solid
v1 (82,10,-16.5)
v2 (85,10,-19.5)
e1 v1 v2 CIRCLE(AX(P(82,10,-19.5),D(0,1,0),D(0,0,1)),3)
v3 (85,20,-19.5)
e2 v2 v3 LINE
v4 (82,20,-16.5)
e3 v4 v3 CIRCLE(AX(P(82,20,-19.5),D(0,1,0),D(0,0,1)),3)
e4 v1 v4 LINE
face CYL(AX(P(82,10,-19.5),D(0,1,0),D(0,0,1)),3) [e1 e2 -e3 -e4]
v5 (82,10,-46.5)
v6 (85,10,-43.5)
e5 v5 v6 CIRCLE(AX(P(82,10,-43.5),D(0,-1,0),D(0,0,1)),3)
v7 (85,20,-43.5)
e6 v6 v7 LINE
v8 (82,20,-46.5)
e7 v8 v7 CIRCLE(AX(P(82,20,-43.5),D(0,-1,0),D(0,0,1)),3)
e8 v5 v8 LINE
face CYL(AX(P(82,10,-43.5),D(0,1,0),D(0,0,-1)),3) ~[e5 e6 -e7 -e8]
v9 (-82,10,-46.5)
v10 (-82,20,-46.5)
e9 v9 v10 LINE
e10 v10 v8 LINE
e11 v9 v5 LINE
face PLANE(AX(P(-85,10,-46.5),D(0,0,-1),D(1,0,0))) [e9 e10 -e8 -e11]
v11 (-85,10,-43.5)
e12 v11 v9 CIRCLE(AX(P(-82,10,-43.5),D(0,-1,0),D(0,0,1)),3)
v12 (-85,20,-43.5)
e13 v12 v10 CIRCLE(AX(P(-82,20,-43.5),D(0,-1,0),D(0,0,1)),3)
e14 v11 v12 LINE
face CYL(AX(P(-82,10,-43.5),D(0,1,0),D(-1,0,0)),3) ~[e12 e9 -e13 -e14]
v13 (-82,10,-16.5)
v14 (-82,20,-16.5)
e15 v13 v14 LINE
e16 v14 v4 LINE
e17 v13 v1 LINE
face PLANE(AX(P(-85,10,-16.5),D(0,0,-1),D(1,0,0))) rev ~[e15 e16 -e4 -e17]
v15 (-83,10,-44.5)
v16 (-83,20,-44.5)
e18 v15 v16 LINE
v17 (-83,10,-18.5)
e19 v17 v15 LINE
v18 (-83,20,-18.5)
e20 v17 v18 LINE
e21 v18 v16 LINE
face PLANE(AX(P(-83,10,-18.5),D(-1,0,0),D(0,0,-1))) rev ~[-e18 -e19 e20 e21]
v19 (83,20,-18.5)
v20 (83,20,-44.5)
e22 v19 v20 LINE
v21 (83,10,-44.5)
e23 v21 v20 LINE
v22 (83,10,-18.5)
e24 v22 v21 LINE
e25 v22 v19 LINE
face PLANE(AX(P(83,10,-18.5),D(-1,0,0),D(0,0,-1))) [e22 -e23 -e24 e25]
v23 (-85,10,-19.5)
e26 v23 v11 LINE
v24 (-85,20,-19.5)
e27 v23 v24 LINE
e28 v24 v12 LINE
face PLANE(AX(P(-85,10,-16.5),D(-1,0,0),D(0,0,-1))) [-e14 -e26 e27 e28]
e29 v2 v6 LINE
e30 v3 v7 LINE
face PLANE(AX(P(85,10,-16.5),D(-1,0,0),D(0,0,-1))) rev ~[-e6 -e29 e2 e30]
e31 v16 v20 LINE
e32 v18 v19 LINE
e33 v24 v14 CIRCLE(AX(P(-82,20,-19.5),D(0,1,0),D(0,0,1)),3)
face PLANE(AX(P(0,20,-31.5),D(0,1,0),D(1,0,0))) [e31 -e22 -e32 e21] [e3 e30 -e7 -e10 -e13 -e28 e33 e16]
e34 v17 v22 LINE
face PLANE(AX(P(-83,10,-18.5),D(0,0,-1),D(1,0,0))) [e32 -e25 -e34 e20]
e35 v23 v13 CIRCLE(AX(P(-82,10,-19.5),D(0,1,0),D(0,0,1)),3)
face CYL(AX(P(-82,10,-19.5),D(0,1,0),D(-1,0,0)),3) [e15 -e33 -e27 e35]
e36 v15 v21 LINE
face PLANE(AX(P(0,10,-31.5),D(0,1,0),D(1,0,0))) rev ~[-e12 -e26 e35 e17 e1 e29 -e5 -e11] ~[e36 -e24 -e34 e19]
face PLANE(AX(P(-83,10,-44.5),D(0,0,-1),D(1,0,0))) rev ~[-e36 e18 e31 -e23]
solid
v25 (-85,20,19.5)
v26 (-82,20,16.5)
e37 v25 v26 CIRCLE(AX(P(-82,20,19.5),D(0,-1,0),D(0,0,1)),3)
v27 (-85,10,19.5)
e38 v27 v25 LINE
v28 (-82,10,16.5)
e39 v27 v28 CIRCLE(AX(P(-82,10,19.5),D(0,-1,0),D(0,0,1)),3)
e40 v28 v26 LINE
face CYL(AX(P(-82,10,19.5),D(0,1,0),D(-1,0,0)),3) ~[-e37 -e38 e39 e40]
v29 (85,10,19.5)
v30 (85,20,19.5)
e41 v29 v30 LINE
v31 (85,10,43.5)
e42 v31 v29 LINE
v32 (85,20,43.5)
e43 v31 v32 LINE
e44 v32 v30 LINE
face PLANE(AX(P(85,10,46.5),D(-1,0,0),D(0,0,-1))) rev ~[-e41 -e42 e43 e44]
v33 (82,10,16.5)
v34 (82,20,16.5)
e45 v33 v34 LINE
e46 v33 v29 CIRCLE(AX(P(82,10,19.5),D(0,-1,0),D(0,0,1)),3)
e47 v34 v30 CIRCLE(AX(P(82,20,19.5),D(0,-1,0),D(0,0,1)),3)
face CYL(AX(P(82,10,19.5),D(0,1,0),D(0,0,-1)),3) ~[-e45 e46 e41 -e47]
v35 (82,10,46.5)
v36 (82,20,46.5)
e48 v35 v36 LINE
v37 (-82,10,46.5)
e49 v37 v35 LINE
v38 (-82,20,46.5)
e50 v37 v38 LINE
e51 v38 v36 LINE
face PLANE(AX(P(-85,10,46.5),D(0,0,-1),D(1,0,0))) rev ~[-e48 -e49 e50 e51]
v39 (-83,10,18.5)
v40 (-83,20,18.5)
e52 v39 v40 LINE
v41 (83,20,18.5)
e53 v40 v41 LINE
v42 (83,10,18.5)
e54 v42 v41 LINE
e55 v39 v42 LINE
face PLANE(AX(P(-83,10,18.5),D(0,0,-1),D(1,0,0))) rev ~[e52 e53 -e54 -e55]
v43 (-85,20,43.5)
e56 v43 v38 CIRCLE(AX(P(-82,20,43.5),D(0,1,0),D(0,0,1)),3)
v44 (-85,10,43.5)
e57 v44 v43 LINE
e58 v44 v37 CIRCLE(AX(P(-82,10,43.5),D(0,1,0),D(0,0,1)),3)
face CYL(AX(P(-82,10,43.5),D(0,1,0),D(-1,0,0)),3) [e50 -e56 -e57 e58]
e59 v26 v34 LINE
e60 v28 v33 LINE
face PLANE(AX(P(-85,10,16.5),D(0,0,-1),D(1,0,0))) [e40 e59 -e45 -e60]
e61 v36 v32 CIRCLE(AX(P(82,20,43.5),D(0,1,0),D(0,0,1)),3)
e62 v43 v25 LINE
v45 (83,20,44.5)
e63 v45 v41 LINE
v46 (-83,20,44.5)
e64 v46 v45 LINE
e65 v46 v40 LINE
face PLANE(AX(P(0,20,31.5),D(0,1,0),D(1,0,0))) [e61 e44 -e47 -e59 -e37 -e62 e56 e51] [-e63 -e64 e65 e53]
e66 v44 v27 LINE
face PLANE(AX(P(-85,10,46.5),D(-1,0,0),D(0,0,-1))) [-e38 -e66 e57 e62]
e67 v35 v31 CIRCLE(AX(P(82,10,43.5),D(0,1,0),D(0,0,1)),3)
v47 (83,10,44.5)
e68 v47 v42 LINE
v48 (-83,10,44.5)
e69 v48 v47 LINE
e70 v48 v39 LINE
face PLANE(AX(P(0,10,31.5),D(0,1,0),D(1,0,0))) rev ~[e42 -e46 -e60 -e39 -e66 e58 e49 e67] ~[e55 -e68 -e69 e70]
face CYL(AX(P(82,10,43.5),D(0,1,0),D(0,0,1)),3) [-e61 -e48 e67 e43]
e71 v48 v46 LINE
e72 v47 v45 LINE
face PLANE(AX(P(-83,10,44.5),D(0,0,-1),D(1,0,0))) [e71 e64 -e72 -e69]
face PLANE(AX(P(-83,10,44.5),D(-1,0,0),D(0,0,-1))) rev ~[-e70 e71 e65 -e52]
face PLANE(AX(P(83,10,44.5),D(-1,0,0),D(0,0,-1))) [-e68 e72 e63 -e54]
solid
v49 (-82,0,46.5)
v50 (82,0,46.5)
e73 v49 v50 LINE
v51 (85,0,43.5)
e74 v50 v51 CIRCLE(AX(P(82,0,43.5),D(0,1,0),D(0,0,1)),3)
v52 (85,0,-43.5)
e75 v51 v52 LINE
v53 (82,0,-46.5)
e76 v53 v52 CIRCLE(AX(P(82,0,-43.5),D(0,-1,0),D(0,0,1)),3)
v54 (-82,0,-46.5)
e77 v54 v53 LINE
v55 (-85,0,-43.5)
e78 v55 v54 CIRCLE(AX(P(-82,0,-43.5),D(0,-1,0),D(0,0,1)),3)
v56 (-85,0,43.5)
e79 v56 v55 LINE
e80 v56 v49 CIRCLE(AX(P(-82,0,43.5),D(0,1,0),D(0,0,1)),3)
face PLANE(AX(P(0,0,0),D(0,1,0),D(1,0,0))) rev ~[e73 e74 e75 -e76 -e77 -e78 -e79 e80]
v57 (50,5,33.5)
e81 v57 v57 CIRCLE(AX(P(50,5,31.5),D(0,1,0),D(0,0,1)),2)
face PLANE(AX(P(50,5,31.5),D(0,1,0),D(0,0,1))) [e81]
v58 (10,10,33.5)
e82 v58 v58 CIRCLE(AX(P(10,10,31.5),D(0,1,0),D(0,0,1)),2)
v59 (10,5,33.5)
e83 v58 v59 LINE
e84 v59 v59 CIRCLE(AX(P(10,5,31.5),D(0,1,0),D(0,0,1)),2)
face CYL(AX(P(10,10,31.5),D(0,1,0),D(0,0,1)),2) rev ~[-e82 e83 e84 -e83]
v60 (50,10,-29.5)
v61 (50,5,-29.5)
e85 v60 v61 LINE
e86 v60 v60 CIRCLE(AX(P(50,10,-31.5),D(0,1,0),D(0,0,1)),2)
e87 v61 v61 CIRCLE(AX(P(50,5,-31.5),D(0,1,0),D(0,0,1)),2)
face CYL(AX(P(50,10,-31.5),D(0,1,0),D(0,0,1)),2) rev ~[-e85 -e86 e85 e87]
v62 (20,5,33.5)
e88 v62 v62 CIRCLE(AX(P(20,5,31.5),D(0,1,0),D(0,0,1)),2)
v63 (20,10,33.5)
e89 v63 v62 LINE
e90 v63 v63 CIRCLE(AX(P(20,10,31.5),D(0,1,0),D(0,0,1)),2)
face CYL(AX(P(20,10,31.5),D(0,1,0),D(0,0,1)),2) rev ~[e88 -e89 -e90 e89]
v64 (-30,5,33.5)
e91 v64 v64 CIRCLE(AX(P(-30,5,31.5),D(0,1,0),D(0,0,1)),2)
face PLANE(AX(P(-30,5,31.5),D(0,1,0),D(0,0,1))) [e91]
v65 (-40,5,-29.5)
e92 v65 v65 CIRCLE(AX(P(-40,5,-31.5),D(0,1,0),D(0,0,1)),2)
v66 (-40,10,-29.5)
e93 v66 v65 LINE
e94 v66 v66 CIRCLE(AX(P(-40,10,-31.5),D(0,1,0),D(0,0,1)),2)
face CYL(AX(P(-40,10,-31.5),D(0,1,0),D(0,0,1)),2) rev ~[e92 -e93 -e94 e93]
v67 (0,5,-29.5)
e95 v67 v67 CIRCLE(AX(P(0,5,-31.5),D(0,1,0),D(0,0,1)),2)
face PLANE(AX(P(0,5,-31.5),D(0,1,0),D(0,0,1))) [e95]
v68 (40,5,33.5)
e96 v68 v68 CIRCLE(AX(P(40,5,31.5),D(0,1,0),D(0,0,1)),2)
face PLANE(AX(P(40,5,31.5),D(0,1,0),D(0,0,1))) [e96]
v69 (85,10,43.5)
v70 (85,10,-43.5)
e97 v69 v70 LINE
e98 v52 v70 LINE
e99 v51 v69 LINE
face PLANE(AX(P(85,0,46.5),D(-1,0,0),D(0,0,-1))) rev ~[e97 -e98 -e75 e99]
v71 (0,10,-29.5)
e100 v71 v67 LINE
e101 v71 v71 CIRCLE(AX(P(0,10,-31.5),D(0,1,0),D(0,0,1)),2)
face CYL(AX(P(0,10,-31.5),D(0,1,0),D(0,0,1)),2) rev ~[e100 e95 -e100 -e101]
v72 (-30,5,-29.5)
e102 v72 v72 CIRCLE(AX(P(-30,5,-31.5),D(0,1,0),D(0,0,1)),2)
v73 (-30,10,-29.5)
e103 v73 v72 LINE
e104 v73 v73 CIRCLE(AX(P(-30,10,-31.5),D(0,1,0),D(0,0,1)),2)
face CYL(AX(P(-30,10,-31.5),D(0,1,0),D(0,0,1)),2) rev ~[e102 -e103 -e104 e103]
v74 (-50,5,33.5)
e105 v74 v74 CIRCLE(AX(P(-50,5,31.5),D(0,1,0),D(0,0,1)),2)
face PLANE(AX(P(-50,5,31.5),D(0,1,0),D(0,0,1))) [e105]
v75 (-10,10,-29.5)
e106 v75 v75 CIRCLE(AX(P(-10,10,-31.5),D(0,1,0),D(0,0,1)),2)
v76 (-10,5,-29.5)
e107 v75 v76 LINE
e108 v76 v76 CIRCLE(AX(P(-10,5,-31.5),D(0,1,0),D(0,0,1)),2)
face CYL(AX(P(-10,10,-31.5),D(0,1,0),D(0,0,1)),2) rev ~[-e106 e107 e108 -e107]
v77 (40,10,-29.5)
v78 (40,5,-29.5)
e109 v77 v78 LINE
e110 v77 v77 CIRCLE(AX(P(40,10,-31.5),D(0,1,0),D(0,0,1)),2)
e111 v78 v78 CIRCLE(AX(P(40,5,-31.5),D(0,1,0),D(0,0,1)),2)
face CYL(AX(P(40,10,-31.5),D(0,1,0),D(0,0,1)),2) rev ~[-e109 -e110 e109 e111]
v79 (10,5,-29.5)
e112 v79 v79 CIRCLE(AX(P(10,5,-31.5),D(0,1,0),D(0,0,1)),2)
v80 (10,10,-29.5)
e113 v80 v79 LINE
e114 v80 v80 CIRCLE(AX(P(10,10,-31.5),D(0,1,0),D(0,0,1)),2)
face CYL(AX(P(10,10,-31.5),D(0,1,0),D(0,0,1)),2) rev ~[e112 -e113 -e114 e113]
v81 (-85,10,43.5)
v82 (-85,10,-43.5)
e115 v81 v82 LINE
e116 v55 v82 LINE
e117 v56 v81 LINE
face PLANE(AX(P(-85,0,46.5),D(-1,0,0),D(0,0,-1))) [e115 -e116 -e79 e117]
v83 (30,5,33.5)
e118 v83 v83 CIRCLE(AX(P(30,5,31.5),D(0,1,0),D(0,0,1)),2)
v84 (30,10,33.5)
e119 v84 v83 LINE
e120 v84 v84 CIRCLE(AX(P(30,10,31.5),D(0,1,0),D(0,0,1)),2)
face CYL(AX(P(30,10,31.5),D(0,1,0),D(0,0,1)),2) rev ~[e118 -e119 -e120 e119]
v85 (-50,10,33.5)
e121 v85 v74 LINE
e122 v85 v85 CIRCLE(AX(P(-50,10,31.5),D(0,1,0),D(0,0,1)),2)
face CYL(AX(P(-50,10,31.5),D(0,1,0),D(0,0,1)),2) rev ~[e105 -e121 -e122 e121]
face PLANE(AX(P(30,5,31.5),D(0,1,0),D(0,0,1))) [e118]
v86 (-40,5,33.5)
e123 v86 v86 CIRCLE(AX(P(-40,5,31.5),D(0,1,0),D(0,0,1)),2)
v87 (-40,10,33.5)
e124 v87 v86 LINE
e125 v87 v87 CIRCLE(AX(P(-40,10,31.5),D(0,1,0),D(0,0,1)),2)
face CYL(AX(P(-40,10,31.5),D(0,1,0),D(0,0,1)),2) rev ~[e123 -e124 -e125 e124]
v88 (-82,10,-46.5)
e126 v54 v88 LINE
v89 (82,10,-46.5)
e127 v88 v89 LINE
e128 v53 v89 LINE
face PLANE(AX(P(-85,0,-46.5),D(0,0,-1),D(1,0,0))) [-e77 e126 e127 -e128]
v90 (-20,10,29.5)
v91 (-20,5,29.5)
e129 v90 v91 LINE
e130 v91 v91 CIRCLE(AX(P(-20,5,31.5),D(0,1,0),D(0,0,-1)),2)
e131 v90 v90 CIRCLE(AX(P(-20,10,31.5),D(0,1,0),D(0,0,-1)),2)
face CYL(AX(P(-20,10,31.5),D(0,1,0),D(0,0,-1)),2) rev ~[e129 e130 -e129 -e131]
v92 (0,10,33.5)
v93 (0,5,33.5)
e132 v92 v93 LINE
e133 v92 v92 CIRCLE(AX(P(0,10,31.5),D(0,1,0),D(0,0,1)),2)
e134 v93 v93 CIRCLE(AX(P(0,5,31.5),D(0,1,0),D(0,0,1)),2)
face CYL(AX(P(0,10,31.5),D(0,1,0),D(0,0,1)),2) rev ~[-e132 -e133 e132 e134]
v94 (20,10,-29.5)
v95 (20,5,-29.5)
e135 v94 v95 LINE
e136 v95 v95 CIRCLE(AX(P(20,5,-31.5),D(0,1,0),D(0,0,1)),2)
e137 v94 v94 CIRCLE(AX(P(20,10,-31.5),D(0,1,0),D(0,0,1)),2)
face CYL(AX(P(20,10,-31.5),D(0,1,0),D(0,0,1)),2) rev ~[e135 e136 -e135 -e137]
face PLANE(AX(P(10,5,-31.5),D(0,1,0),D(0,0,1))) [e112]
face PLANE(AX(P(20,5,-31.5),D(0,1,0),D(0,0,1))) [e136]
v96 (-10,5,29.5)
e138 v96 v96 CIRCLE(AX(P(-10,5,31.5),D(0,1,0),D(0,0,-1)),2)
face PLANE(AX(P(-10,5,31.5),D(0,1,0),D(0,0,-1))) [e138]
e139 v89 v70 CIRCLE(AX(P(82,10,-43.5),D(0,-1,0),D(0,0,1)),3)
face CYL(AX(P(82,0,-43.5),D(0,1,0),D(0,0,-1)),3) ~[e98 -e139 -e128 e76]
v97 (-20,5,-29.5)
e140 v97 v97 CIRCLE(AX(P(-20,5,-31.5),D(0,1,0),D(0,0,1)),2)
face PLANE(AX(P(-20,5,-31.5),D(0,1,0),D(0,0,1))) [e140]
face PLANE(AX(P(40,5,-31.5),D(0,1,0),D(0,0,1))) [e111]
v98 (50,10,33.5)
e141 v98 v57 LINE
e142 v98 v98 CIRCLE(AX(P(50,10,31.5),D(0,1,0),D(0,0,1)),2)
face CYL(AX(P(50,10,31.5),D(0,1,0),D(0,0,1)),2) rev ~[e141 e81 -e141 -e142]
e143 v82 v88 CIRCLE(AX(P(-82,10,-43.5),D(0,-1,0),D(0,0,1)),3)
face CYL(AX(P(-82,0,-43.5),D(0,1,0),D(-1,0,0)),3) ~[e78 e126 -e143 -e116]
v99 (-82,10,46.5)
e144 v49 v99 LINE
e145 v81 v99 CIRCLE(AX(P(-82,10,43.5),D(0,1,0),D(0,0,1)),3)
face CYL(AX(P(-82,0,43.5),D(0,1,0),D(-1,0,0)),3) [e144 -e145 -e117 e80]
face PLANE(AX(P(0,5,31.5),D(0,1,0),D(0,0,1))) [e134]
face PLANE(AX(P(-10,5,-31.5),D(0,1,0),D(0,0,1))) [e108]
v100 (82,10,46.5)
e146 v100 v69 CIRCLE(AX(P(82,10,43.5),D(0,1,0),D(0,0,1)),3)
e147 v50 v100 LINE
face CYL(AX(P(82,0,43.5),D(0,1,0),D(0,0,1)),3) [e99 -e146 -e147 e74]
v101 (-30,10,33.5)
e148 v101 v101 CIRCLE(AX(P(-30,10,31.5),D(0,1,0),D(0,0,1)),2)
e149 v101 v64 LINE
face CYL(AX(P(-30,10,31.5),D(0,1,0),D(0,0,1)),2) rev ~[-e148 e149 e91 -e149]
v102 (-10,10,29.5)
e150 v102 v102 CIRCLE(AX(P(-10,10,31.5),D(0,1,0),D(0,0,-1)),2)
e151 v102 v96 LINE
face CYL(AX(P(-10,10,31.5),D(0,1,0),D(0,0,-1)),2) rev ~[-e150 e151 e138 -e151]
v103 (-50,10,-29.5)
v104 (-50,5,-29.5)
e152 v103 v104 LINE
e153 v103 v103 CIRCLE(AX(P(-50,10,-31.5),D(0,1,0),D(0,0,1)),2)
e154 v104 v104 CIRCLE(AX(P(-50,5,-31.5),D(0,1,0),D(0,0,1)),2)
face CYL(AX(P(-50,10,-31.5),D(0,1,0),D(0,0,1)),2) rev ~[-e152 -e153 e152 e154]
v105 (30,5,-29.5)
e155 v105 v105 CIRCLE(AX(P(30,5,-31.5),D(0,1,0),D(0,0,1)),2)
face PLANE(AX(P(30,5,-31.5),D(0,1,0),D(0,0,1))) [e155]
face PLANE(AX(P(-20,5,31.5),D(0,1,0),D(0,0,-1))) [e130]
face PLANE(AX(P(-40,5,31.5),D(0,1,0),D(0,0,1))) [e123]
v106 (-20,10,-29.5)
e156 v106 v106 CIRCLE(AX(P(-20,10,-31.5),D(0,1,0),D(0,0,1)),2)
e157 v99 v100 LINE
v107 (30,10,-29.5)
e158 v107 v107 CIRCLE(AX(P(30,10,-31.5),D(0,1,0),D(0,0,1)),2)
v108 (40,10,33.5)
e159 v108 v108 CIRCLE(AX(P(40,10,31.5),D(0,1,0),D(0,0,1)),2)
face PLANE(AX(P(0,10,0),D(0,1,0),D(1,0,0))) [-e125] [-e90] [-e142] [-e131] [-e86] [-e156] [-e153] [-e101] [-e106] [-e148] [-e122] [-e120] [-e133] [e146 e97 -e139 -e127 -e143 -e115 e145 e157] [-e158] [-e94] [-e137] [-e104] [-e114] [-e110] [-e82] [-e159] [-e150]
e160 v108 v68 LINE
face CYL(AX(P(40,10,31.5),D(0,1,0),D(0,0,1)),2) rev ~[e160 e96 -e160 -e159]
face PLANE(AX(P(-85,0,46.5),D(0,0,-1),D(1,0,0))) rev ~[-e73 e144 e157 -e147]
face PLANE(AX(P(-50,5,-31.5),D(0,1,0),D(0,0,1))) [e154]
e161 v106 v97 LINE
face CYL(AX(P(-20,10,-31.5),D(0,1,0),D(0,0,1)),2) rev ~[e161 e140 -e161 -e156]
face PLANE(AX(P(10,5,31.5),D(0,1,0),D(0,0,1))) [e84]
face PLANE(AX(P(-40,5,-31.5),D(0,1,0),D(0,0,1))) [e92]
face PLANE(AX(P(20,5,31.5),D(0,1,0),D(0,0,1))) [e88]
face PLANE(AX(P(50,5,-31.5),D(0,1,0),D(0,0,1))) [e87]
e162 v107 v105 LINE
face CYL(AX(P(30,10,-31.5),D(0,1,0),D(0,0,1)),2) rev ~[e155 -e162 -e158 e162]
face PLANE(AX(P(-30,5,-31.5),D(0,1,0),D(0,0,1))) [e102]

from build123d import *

# Parameters (mm, degrees)
SKETCH_1_W          = 170
SKETCH_1_H          = 93
EXTRUDE_1_DEPTH     = 10
SKETCH_2_W          = 170
SKETCH_2_H          = 30
SKETCH_2_W_2        = 166
SKETCH_2_H_2        = 26
EXTRUDE_2_DEPTH     = 10
EXTRUDE_2_2_DEPTH   = 10
SKETCH_2_4_R        = 2
CUT_EXTRUDE_2_DEPTH = 5
FILLET_2_R          = 3
FILLET_3_R          = 3
FILLET_4_R          = 3


with BuildPart() as part:
    # 草图1 → 凸台-拉伸1 (new body)
    with BuildSketch(Plane(origin=(0, 0, 0), x_dir=(1, 0, 0), z_dir=(0, 1, 0))):
        Rectangle(SKETCH_1_W, SKETCH_1_H)
    extrude(amount=EXTRUDE_1_DEPTH)

    # 草图2<4> → 切除-拉伸2 (cut)
    with BuildSketch(Plane(origin=(0, 10, 0), x_dir=(1, 0, 0), z_dir=(0, 1, 0))):
        with Locations((0, 31.5)):
            Circle(SKETCH_2_4_R)
        with Locations((10, 31.5)):
            Circle(SKETCH_2_4_R)
        with Locations((20, 31.5)):
            Circle(SKETCH_2_4_R)
        with Locations((30, 31.5)):
            Circle(SKETCH_2_4_R)
        with Locations((40, 31.5)):
            Circle(SKETCH_2_4_R)
        with Locations((50, 31.5)):
            Circle(SKETCH_2_4_R)
        with Locations((-10, 31.5)):
            Circle(SKETCH_2_4_R)
        with Locations((-20, 31.5)):
            Circle(SKETCH_2_4_R)
        with Locations((-30, 31.5)):
            Circle(SKETCH_2_4_R)
        with Locations((-40, 31.5)):
            Circle(SKETCH_2_4_R)
        with Locations((-50, 31.5)):
            Circle(SKETCH_2_4_R)
        with Locations((50, -31.5)):
            Circle(SKETCH_2_4_R)
        with Locations((40, -31.5)):
            Circle(SKETCH_2_4_R)
        with Locations((30, -31.5)):
            Circle(SKETCH_2_4_R)
        with Locations((20, -31.5)):
            Circle(SKETCH_2_4_R)
        with Locations((10, -31.5)):
            Circle(SKETCH_2_4_R)
        with Locations((0, -31.5)):
            Circle(SKETCH_2_4_R)
        with Locations((-10, -31.5)):
            Circle(SKETCH_2_4_R)
        with Locations((-20, -31.5)):
            Circle(SKETCH_2_4_R)
        with Locations((-30, -31.5)):
            Circle(SKETCH_2_4_R)
        with Locations((-40, -31.5)):
            Circle(SKETCH_2_4_R)
        with Locations((-50, -31.5)):
            Circle(SKETCH_2_4_R)
    extrude(amount=-CUT_EXTRUDE_2_DEPTH, mode=Mode.SUBTRACT)

    # 圆角4
    fillet_4_edges = [part.edges().sort_by_distance(p)[0] for p in [
        (85, 5, 46.5),
        (-85, 5, 46.5),
        (-85, 5, -46.5),
        (85, 5, -46.5),
    ]]
    fillet(fillet_4_edges, radius=FILLET_4_R)


with BuildPart() as body_2:
    # 草图2 → 凸台-拉伸2 (new body)
    with BuildSketch(Plane(origin=(0, 10, 0), x_dir=(1, 0, 0), z_dir=(0, 1, 0))):
        with Locations((0, 31.5)):
            Rectangle(SKETCH_2_W, SKETCH_2_H)
        with Locations((0, 31.5)):
            Rectangle(SKETCH_2_W_2, SKETCH_2_H_2, mode=Mode.SUBTRACT)
    extrude(amount=EXTRUDE_2_DEPTH)

    # 圆角2
    fillet_2_edges = [body_2.edges().sort_by_distance(p)[0] for p in [
        (-85, 15, -46.5),
        (85, 15, -46.5),
        (85, 15, -16.5),
        (-85, 15, -16.5),
    ]]
    fillet(fillet_2_edges, radius=FILLET_2_R)


with BuildPart() as body_3:
    # 草图2 → Extrude 2 2 (new body)
    with BuildSketch(Plane(origin=(0, 10, 0), x_dir=(1, 0, 0), z_dir=(0, 1, 0))):
        with Locations((0, -31.5)):
            Rectangle(SKETCH_2_W, SKETCH_2_H)
        with Locations((0, -31.5)):
            Rectangle(SKETCH_2_W_2, SKETCH_2_H_2, mode=Mode.SUBTRACT)
    extrude(amount=EXTRUDE_2_2_DEPTH)

    # 圆角3
    fillet_3_edges = [body_3.edges().sort_by_distance(p)[0] for p in [
        (85, 15, 46.5),
        (-85, 15, 46.5),
        (-85, 15, 16.5),
        (85, 15, 16.5),
    ]]
    fillet(fillet_3_edges, radius=FILLET_3_R)


solid = Compound([part.part, body_2.part, body_3.part])
